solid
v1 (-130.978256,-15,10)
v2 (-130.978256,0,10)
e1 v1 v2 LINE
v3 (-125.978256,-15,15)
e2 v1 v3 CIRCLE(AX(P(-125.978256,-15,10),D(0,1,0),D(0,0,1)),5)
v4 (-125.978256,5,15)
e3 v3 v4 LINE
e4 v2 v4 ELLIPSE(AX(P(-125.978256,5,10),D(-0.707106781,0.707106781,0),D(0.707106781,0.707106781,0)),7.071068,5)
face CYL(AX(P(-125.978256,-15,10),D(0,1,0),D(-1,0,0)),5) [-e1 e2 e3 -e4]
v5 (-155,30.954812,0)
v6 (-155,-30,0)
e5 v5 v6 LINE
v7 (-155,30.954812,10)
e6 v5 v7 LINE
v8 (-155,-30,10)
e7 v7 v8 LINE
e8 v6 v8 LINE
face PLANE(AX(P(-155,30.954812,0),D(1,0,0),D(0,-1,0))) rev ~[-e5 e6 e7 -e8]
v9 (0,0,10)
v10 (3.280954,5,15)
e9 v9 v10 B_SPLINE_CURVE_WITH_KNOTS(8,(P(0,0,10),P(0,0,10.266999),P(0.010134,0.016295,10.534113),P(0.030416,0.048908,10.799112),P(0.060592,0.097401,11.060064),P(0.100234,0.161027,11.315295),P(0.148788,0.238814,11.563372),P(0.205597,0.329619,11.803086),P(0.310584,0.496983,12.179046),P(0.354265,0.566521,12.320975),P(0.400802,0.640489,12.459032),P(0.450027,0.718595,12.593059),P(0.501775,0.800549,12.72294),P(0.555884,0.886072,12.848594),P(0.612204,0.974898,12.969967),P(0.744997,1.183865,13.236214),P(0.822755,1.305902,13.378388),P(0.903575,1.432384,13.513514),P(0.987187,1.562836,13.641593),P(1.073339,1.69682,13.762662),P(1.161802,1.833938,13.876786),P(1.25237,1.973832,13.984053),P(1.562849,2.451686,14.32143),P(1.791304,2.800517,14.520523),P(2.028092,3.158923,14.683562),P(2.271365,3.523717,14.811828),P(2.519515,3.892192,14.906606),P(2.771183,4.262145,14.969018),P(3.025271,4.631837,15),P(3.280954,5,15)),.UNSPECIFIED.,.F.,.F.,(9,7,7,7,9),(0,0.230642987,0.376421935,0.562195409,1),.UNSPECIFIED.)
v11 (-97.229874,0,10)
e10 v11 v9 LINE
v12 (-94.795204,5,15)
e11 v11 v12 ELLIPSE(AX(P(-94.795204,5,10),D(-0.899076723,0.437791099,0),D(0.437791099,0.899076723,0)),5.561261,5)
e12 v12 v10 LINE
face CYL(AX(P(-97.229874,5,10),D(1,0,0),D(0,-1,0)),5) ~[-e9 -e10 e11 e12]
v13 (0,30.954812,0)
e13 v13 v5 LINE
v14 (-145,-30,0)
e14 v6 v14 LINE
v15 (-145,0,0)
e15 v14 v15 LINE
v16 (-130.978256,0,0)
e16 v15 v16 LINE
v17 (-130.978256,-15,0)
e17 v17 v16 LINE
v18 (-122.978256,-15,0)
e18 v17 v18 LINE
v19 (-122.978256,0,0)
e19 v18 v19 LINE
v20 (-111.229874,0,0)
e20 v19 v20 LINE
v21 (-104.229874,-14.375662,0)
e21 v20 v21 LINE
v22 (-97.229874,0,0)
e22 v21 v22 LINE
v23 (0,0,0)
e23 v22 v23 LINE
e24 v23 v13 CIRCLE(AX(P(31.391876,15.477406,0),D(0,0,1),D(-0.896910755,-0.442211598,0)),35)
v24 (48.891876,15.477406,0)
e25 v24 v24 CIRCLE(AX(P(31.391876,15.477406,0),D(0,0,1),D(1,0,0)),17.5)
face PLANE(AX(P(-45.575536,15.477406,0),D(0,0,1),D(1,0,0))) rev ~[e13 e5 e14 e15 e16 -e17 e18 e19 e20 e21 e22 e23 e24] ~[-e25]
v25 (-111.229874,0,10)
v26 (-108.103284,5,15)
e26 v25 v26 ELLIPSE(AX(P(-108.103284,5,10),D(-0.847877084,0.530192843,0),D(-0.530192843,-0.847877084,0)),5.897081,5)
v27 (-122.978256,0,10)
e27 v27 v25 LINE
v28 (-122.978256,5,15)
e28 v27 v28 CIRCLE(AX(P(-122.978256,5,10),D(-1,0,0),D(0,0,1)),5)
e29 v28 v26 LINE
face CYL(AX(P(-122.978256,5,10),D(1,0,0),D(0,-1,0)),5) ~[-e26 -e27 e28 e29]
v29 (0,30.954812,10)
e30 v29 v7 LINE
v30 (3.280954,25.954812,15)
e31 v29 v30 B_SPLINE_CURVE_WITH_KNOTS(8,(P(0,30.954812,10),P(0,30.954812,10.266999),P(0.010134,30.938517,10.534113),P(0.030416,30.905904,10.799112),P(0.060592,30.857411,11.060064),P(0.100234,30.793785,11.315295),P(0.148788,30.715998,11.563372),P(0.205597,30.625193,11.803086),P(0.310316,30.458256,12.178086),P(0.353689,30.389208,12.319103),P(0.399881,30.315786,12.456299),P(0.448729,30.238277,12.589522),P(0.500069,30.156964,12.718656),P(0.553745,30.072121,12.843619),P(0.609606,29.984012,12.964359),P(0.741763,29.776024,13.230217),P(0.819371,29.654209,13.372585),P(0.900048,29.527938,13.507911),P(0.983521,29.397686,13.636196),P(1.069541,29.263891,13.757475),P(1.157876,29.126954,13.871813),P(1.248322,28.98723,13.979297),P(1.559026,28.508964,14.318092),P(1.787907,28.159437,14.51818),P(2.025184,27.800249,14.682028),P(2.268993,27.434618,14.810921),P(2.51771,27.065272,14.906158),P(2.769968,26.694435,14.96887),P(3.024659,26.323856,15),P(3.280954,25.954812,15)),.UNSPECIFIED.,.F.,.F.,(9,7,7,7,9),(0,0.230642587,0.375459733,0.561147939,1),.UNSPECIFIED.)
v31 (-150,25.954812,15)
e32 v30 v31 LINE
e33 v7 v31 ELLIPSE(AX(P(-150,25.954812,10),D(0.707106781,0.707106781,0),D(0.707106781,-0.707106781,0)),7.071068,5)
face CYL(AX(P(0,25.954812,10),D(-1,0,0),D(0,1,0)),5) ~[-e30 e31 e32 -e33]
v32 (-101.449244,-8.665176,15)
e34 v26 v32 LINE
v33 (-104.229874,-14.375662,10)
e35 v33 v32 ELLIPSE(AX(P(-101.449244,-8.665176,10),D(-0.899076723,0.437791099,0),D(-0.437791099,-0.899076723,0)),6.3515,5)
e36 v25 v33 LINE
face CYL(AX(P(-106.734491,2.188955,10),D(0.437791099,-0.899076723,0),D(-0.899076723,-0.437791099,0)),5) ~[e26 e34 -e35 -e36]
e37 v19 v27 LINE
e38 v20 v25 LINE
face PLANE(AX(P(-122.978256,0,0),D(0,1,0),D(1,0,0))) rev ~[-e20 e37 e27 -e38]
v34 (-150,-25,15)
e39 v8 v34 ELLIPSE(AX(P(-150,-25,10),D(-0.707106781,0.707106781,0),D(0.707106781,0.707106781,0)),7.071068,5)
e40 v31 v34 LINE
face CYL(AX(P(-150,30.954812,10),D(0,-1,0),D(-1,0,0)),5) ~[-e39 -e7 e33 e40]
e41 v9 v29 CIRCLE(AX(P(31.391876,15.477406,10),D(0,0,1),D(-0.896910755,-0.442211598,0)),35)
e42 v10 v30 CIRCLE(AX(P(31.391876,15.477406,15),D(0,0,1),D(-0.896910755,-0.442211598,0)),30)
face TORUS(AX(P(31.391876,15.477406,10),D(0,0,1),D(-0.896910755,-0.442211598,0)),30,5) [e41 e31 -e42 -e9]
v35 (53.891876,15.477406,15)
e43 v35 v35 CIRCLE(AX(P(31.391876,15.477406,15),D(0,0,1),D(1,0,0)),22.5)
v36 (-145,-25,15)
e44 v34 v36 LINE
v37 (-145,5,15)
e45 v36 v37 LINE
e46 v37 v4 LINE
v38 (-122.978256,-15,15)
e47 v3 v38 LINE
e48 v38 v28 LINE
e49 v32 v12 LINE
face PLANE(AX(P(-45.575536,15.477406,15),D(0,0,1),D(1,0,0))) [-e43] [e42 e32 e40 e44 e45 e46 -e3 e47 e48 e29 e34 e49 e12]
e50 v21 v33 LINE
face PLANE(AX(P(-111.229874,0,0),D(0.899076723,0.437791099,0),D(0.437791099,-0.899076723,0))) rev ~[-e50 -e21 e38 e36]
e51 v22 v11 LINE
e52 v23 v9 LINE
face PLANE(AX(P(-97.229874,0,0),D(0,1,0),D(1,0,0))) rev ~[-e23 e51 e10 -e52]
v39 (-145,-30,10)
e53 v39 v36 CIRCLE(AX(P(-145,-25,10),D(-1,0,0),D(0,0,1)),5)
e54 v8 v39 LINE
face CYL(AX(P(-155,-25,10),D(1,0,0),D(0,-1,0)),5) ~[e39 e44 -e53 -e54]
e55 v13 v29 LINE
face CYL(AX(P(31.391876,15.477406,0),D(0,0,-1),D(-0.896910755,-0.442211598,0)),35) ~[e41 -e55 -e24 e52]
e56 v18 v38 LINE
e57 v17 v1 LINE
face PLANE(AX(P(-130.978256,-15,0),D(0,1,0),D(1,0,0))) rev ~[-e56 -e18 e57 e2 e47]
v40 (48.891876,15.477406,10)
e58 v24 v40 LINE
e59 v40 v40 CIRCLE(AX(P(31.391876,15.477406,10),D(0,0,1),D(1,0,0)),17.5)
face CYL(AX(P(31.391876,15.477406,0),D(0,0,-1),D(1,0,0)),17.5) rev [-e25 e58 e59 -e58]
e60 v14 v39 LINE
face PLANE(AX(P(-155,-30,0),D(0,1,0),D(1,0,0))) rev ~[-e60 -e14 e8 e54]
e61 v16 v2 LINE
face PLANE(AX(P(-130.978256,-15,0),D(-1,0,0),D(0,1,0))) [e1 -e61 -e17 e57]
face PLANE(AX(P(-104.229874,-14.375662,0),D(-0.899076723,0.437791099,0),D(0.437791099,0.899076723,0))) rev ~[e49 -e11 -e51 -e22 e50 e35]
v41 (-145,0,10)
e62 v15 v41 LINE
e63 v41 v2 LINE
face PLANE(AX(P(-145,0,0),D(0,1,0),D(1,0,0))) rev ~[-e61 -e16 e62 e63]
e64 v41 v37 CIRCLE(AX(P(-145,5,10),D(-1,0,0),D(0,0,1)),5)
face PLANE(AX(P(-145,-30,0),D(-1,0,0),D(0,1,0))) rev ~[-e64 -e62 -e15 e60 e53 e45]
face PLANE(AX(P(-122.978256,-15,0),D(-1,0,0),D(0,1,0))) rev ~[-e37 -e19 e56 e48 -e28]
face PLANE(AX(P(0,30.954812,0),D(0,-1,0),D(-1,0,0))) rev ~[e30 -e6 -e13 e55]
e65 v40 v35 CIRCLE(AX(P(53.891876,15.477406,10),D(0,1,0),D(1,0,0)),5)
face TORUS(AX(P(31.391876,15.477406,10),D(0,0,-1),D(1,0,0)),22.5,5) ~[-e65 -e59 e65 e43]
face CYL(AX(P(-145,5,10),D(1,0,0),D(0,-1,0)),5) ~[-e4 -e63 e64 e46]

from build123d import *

# Parameters (mm, degrees)
F0_R     = 17.5
F0_W     = 10
F0_H     = 30
F0_W_2   = 8
F0_H_2   = 15
F1_DEPTH = 15
F2_R     = 5


with BuildPart() as f1:
    # F0 (on Top) → F1 (new body)
    with BuildSketch(Plane.XY):
        with BuildLine():
            Line((0, 30.9548118476), (-155, 30.9548118476))
            Line((-155, 30.9548118476), (-155, 0))
            Line((-155, 0), (-145, 0))
            Line((-145, 0), (-130.978256464, 0))
            Line((-130.978256464, 0), (-122.978256464, 0))
            Line((-122.978256464, 0), (-111.2298741937, 0))
            Line((-111.2298741937, 0), (-97.2298741937, 0))
            Line((-97.2298741937, 0), (0, 0))
            ThreePointArc((0, 0), (66.3918764312, 15.4774059238), (0, 30.9548118476))
        make_face()
        with Locations((31.3918764312, 15.4774059238)):
            Circle(F0_R, mode=Mode.SUBTRACT)
        with Locations((-150, -15)):
            Rectangle(F0_W, F0_H)
        with Locations((-126.978256464, -7.5)):
            Rectangle(F0_W_2, F0_H_2)
        Polygon((-104.2298741937, -14.3756624311), (-97.2298741937, 0), (-111.2298741937, 0), align=None)
    extrude(amount=F1_DEPTH)

    # F2
    f2_edges = [f1.edges().sort_by_distance(p)[0] for p in [
        (-150, -30, 15),
        (-155, 0.477406, 15),
        (-137.989128, 0, 15),
        (-130.978256, -7.5, 15),
        (-107.729874, -7.187831, 15),
        (-117.104065, 0, 15),
        (-48.614937, 0, 15),
        (-77.5, 30.954812, 15),
        (66.391876, 15.477406, 15),
        (13.891876, 15.477406, 15),
    ]]
    fillet(f2_edges, radius=F2_R)


solid = f1.part
